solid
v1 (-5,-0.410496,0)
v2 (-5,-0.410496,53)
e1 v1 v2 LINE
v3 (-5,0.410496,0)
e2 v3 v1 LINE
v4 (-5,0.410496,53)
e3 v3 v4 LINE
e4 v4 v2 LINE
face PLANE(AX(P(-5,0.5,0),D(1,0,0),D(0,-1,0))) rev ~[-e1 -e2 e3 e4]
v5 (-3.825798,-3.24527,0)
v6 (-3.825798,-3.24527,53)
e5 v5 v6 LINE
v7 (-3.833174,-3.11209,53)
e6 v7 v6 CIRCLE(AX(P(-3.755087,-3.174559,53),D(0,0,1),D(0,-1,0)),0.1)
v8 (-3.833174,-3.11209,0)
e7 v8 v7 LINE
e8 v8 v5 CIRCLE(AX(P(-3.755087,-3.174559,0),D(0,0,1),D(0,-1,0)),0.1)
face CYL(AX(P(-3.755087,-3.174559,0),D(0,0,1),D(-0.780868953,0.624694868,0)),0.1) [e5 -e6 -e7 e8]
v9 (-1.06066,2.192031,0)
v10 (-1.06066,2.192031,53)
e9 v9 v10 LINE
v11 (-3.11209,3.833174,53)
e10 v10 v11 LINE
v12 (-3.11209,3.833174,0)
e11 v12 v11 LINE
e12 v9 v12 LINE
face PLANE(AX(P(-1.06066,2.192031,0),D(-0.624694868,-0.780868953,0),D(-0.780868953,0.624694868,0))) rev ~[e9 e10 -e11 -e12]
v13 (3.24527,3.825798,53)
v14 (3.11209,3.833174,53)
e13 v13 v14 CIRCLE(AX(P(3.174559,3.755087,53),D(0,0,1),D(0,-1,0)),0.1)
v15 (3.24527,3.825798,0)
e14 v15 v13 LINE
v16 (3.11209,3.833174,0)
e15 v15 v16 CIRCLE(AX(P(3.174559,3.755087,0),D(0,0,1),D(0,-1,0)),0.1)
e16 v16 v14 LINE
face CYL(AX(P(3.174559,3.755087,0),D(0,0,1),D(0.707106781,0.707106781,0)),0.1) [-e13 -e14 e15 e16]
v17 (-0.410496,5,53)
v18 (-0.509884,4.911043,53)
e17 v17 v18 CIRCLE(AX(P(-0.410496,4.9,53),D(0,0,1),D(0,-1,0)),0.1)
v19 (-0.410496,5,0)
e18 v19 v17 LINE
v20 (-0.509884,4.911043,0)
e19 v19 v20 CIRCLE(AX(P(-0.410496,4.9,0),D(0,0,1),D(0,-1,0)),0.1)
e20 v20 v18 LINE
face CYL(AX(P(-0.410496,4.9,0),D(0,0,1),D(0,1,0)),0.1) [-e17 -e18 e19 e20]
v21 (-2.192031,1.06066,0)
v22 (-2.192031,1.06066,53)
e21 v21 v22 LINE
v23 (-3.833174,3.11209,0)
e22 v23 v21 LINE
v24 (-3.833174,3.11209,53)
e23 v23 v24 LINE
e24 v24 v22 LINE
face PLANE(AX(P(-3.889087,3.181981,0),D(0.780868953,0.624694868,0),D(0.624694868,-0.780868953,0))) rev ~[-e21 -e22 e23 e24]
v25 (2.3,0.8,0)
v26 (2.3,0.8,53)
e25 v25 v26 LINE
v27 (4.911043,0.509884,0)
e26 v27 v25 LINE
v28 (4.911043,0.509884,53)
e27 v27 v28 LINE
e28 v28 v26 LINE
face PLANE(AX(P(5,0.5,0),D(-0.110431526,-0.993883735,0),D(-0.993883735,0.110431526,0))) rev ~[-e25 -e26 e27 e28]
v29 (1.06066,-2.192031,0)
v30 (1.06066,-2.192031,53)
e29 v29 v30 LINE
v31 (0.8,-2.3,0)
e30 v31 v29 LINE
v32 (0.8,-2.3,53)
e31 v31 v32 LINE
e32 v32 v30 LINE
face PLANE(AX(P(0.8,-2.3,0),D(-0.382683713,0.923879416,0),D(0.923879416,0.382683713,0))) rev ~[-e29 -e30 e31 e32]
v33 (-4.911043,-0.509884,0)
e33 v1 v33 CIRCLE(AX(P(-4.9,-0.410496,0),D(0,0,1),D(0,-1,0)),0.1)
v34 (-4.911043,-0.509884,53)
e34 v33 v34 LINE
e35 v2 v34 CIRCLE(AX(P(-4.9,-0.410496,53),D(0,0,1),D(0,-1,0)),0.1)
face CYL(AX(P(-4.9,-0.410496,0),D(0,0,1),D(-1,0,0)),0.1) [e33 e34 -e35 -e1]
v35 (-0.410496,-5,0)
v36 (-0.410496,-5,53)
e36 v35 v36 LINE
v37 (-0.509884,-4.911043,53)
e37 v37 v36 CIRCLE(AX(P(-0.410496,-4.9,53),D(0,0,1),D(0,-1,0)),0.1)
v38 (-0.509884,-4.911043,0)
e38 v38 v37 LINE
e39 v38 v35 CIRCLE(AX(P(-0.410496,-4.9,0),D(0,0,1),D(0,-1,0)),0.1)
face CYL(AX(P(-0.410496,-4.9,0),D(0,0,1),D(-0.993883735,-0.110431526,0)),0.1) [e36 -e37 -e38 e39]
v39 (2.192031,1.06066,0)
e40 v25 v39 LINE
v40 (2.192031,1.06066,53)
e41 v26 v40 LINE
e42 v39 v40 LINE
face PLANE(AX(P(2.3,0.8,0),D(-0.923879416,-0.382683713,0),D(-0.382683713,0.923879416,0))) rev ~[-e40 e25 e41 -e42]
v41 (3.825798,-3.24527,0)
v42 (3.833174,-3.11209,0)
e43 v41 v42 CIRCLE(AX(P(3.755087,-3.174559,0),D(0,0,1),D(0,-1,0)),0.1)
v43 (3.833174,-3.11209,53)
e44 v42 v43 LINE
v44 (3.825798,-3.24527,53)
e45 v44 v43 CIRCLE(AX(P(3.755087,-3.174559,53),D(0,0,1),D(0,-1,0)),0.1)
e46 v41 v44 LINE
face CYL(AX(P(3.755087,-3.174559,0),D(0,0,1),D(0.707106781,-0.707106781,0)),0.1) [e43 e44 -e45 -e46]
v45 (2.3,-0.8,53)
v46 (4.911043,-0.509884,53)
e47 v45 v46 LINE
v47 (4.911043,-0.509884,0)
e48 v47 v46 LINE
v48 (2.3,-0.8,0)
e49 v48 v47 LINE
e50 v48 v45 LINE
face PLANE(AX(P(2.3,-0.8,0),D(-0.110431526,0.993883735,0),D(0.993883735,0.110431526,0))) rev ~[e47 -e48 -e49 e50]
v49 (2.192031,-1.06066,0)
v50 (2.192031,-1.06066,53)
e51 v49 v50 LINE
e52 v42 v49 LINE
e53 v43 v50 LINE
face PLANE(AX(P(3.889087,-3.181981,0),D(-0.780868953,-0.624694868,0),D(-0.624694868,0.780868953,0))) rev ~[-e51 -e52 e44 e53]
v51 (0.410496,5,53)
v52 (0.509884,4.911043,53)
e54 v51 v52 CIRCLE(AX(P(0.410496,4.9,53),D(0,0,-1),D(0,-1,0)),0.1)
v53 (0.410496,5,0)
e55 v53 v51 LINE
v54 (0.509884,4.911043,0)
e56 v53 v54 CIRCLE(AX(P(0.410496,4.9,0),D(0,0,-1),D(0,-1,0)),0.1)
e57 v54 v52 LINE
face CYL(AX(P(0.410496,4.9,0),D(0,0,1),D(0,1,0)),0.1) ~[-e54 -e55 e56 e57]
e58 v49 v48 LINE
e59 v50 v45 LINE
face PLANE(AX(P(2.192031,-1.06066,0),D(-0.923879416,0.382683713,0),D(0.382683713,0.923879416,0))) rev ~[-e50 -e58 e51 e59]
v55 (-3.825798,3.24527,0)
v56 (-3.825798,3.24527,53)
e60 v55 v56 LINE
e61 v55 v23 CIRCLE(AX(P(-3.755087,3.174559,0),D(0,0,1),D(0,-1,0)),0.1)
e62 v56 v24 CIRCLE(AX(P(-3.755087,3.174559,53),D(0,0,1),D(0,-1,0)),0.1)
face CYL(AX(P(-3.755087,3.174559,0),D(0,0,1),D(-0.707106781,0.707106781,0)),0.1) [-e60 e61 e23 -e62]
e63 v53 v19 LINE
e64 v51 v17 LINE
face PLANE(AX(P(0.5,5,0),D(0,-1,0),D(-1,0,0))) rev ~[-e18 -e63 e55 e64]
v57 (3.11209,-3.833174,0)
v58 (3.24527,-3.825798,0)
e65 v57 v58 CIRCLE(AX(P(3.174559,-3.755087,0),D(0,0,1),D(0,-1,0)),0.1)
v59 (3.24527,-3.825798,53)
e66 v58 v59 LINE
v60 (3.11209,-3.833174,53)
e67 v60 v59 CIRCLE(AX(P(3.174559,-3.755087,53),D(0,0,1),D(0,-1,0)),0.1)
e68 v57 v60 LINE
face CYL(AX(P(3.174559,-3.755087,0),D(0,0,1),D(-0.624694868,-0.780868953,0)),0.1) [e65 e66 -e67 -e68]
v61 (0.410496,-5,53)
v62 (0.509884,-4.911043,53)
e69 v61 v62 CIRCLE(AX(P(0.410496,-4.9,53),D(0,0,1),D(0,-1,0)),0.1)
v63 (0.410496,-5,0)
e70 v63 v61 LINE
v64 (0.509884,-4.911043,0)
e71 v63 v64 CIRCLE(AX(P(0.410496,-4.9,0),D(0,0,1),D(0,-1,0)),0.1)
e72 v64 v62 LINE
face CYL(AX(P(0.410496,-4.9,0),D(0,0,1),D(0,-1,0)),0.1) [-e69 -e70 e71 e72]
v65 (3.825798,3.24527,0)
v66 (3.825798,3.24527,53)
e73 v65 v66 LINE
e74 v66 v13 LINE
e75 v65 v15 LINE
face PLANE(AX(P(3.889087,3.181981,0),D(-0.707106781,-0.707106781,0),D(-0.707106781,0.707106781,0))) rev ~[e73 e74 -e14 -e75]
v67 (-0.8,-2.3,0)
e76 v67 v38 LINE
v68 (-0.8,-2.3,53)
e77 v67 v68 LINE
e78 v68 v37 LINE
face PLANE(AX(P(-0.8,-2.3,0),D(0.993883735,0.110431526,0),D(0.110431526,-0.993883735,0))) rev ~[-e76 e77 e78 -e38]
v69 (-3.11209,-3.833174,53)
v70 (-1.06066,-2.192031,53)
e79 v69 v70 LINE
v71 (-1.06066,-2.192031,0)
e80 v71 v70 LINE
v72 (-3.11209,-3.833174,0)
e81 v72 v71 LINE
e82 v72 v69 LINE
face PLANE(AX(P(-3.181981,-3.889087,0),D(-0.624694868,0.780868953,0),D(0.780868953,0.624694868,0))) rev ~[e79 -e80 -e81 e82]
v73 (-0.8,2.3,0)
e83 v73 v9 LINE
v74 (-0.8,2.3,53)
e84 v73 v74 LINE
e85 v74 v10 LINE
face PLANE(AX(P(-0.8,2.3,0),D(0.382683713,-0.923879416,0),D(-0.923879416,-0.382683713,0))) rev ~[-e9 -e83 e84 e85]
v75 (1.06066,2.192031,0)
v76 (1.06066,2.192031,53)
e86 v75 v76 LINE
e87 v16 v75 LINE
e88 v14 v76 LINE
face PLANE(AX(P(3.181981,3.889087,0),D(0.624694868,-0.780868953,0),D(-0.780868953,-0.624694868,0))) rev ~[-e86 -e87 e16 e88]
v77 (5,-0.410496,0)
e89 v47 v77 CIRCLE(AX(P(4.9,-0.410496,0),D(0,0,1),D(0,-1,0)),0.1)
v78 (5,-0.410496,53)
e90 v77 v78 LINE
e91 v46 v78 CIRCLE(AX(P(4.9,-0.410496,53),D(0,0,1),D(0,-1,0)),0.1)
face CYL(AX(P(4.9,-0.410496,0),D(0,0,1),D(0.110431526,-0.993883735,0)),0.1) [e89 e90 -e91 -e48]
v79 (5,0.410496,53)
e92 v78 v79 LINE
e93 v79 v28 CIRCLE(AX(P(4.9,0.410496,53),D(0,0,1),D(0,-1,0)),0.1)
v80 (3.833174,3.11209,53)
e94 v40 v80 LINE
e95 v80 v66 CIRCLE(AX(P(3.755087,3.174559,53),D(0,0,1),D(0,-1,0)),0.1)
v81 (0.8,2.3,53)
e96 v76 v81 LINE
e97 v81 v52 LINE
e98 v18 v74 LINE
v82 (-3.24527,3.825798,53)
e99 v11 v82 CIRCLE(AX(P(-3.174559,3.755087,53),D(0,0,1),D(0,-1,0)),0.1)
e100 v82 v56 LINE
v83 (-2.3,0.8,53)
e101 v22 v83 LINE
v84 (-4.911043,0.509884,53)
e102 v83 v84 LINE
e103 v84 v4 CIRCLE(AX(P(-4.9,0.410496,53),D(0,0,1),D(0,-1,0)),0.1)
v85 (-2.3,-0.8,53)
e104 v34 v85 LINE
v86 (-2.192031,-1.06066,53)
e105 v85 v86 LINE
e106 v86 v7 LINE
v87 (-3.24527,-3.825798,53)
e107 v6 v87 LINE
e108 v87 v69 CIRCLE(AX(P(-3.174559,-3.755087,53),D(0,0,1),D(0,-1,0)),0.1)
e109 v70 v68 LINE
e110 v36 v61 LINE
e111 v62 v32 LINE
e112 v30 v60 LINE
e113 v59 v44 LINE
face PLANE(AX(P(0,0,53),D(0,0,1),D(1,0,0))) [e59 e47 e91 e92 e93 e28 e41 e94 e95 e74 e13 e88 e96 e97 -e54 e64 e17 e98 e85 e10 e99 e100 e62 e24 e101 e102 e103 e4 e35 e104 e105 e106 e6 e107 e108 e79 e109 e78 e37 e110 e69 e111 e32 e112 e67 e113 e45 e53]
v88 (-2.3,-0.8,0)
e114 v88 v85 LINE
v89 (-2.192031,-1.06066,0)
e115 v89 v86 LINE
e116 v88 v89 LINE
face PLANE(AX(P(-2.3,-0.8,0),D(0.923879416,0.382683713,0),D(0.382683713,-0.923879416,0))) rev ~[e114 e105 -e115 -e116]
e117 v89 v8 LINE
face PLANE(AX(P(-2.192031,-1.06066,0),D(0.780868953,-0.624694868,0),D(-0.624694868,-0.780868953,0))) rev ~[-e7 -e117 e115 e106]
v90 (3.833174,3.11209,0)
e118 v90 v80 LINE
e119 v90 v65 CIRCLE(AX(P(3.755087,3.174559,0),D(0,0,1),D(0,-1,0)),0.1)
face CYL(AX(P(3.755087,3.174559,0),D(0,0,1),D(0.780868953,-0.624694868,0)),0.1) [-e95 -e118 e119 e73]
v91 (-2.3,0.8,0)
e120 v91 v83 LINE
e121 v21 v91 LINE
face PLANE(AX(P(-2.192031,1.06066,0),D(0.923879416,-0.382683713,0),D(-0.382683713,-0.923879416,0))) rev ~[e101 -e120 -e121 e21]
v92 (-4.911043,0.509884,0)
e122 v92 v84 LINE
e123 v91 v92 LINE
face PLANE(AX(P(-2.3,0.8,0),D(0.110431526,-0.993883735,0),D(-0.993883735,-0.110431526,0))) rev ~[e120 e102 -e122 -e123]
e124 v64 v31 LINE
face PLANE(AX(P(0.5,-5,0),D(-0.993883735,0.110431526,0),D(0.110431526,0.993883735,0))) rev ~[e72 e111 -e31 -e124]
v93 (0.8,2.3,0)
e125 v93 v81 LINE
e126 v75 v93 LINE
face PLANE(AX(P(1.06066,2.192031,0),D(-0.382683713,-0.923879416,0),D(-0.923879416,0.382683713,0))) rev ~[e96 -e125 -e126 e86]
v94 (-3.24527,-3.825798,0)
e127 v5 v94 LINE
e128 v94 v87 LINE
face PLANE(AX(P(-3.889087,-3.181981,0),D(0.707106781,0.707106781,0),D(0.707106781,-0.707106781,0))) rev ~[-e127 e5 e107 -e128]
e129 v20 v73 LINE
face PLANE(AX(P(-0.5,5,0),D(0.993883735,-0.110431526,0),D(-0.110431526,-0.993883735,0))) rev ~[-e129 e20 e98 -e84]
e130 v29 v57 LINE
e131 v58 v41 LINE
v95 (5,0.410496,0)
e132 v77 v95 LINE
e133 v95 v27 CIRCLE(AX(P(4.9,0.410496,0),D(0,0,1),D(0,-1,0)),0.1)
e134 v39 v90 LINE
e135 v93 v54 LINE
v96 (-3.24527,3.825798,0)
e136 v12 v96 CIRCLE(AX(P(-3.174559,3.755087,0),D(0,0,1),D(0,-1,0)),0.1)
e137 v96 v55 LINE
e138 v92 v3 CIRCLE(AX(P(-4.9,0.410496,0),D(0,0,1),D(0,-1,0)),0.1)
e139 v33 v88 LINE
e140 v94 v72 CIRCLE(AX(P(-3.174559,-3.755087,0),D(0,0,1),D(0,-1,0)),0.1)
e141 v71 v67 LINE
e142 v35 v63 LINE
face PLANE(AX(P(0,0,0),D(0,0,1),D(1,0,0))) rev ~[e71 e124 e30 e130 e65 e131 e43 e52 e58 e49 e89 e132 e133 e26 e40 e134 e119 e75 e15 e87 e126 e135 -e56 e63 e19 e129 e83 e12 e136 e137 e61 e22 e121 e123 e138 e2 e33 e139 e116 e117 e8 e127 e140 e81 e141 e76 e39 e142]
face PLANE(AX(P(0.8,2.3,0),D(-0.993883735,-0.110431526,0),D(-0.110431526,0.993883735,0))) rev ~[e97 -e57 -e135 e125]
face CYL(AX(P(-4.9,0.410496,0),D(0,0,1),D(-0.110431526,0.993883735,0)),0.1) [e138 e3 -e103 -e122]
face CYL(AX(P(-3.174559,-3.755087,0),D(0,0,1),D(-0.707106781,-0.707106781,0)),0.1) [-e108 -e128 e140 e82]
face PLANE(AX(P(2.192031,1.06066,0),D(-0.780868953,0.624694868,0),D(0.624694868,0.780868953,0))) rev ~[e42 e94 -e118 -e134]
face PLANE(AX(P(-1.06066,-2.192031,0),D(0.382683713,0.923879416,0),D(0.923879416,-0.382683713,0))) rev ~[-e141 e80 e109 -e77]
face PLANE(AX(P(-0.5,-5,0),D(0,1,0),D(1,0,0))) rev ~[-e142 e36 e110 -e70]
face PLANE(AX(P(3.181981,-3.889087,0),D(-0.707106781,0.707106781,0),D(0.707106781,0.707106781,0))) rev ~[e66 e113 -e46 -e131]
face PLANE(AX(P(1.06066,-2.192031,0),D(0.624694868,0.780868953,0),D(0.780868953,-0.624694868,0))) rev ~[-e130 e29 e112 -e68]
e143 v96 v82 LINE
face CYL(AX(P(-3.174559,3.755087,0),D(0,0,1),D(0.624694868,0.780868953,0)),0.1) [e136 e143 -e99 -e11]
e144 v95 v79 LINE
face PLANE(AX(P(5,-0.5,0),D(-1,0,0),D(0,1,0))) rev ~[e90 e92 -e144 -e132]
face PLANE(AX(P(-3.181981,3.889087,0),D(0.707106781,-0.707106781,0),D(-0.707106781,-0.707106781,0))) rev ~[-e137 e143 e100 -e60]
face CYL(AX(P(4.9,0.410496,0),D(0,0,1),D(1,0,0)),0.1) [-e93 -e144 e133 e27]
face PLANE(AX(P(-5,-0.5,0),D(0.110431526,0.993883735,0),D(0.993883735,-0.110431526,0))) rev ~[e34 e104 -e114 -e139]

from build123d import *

# Parameters (mm, degrees)
F1_DEPTH = 53
F2_R     = 0.1
F3_R     = 1.40385
F4_DEPTH = 10


with BuildPart() as f1:
    # F0 (on Top) → F1 (new body)
    with BuildSketch(Plane.XY):
        Polygon((0.5, 5), (0, 5), (-0.5, 5), (-0.8, 2.3), (-1.06066, 2.192031), (-3.181981, 3.889087), (-3.535534, 3.535534), (-3.889087, 3.181981), (-2.192031, 1.06066), (-2.3, 0.8), (-5, 0.5), (-5, 0), (-5, -0.5), (-2.3, -0.8), (-2.192031, -1.06066), (-3.889087, -3.181981), (-3.535534, -3.535534), (-3.181981, -3.889087), (-1.06066, -2.192031), (-0.8, -2.3), (-0.5, -5), (0, -5), (0.5, -5), (0.8, -2.3), (1.06066, -2.192031), (3.181981, -3.889087), (3.535534, -3.535534), (3.889087, -3.181981), (2.192031, -1.06066), (2.3, -0.8), (5, -0.5), (5, 0), (5, 0.5), (2.3, 0.8), (2.192031, 1.06066), (3.889087, 3.181981), (3.535534, 3.535534), (3.181981, 3.889087), (1.06066, 2.192031), (0.8, 2.3), align=None)
    extrude(amount=F1_DEPTH)

    # F2
    f2_edges = [f1.edges().sort_by_distance(p)[0] for p in [
        (3.889087, 3.181981, 26.5),
        (3.181981, 3.889087, 26.5),
        (5, 0.5, 26.5),
        (5, -0.5, 26.5),
        (3.889087, -3.181981, 26.5),
        (3.181981, -3.889087, 26.5),
        (-3.889087, -3.181981, 26.5),
        (-3.181981, -3.889087, 26.5),
        (-0.5, -5, 26.5),
        (0.5, -5, 26.5),
        (-5, -0.5, 26.5),
        (-5, 0.5, 26.5),
        (-3.889087, 3.181981, 26.5),
        (-3.181981, 3.889087, 26.5),
        (-0.5, 5, 26.5),
        (0.5, 5, 26.5),
    ]]
    fillet(f2_edges, radius=F2_R)


with BuildPart() as f4:
    # F3 (on face) → F4 (new body)
    with BuildSketch(Plane(origin=(0, 0, 0), x_dir=(1, 0, 0), z_dir=(0, 0, -1))):
        Circle(F3_R)
    extrude(amount=F4_DEPTH)


solid = f1.part
